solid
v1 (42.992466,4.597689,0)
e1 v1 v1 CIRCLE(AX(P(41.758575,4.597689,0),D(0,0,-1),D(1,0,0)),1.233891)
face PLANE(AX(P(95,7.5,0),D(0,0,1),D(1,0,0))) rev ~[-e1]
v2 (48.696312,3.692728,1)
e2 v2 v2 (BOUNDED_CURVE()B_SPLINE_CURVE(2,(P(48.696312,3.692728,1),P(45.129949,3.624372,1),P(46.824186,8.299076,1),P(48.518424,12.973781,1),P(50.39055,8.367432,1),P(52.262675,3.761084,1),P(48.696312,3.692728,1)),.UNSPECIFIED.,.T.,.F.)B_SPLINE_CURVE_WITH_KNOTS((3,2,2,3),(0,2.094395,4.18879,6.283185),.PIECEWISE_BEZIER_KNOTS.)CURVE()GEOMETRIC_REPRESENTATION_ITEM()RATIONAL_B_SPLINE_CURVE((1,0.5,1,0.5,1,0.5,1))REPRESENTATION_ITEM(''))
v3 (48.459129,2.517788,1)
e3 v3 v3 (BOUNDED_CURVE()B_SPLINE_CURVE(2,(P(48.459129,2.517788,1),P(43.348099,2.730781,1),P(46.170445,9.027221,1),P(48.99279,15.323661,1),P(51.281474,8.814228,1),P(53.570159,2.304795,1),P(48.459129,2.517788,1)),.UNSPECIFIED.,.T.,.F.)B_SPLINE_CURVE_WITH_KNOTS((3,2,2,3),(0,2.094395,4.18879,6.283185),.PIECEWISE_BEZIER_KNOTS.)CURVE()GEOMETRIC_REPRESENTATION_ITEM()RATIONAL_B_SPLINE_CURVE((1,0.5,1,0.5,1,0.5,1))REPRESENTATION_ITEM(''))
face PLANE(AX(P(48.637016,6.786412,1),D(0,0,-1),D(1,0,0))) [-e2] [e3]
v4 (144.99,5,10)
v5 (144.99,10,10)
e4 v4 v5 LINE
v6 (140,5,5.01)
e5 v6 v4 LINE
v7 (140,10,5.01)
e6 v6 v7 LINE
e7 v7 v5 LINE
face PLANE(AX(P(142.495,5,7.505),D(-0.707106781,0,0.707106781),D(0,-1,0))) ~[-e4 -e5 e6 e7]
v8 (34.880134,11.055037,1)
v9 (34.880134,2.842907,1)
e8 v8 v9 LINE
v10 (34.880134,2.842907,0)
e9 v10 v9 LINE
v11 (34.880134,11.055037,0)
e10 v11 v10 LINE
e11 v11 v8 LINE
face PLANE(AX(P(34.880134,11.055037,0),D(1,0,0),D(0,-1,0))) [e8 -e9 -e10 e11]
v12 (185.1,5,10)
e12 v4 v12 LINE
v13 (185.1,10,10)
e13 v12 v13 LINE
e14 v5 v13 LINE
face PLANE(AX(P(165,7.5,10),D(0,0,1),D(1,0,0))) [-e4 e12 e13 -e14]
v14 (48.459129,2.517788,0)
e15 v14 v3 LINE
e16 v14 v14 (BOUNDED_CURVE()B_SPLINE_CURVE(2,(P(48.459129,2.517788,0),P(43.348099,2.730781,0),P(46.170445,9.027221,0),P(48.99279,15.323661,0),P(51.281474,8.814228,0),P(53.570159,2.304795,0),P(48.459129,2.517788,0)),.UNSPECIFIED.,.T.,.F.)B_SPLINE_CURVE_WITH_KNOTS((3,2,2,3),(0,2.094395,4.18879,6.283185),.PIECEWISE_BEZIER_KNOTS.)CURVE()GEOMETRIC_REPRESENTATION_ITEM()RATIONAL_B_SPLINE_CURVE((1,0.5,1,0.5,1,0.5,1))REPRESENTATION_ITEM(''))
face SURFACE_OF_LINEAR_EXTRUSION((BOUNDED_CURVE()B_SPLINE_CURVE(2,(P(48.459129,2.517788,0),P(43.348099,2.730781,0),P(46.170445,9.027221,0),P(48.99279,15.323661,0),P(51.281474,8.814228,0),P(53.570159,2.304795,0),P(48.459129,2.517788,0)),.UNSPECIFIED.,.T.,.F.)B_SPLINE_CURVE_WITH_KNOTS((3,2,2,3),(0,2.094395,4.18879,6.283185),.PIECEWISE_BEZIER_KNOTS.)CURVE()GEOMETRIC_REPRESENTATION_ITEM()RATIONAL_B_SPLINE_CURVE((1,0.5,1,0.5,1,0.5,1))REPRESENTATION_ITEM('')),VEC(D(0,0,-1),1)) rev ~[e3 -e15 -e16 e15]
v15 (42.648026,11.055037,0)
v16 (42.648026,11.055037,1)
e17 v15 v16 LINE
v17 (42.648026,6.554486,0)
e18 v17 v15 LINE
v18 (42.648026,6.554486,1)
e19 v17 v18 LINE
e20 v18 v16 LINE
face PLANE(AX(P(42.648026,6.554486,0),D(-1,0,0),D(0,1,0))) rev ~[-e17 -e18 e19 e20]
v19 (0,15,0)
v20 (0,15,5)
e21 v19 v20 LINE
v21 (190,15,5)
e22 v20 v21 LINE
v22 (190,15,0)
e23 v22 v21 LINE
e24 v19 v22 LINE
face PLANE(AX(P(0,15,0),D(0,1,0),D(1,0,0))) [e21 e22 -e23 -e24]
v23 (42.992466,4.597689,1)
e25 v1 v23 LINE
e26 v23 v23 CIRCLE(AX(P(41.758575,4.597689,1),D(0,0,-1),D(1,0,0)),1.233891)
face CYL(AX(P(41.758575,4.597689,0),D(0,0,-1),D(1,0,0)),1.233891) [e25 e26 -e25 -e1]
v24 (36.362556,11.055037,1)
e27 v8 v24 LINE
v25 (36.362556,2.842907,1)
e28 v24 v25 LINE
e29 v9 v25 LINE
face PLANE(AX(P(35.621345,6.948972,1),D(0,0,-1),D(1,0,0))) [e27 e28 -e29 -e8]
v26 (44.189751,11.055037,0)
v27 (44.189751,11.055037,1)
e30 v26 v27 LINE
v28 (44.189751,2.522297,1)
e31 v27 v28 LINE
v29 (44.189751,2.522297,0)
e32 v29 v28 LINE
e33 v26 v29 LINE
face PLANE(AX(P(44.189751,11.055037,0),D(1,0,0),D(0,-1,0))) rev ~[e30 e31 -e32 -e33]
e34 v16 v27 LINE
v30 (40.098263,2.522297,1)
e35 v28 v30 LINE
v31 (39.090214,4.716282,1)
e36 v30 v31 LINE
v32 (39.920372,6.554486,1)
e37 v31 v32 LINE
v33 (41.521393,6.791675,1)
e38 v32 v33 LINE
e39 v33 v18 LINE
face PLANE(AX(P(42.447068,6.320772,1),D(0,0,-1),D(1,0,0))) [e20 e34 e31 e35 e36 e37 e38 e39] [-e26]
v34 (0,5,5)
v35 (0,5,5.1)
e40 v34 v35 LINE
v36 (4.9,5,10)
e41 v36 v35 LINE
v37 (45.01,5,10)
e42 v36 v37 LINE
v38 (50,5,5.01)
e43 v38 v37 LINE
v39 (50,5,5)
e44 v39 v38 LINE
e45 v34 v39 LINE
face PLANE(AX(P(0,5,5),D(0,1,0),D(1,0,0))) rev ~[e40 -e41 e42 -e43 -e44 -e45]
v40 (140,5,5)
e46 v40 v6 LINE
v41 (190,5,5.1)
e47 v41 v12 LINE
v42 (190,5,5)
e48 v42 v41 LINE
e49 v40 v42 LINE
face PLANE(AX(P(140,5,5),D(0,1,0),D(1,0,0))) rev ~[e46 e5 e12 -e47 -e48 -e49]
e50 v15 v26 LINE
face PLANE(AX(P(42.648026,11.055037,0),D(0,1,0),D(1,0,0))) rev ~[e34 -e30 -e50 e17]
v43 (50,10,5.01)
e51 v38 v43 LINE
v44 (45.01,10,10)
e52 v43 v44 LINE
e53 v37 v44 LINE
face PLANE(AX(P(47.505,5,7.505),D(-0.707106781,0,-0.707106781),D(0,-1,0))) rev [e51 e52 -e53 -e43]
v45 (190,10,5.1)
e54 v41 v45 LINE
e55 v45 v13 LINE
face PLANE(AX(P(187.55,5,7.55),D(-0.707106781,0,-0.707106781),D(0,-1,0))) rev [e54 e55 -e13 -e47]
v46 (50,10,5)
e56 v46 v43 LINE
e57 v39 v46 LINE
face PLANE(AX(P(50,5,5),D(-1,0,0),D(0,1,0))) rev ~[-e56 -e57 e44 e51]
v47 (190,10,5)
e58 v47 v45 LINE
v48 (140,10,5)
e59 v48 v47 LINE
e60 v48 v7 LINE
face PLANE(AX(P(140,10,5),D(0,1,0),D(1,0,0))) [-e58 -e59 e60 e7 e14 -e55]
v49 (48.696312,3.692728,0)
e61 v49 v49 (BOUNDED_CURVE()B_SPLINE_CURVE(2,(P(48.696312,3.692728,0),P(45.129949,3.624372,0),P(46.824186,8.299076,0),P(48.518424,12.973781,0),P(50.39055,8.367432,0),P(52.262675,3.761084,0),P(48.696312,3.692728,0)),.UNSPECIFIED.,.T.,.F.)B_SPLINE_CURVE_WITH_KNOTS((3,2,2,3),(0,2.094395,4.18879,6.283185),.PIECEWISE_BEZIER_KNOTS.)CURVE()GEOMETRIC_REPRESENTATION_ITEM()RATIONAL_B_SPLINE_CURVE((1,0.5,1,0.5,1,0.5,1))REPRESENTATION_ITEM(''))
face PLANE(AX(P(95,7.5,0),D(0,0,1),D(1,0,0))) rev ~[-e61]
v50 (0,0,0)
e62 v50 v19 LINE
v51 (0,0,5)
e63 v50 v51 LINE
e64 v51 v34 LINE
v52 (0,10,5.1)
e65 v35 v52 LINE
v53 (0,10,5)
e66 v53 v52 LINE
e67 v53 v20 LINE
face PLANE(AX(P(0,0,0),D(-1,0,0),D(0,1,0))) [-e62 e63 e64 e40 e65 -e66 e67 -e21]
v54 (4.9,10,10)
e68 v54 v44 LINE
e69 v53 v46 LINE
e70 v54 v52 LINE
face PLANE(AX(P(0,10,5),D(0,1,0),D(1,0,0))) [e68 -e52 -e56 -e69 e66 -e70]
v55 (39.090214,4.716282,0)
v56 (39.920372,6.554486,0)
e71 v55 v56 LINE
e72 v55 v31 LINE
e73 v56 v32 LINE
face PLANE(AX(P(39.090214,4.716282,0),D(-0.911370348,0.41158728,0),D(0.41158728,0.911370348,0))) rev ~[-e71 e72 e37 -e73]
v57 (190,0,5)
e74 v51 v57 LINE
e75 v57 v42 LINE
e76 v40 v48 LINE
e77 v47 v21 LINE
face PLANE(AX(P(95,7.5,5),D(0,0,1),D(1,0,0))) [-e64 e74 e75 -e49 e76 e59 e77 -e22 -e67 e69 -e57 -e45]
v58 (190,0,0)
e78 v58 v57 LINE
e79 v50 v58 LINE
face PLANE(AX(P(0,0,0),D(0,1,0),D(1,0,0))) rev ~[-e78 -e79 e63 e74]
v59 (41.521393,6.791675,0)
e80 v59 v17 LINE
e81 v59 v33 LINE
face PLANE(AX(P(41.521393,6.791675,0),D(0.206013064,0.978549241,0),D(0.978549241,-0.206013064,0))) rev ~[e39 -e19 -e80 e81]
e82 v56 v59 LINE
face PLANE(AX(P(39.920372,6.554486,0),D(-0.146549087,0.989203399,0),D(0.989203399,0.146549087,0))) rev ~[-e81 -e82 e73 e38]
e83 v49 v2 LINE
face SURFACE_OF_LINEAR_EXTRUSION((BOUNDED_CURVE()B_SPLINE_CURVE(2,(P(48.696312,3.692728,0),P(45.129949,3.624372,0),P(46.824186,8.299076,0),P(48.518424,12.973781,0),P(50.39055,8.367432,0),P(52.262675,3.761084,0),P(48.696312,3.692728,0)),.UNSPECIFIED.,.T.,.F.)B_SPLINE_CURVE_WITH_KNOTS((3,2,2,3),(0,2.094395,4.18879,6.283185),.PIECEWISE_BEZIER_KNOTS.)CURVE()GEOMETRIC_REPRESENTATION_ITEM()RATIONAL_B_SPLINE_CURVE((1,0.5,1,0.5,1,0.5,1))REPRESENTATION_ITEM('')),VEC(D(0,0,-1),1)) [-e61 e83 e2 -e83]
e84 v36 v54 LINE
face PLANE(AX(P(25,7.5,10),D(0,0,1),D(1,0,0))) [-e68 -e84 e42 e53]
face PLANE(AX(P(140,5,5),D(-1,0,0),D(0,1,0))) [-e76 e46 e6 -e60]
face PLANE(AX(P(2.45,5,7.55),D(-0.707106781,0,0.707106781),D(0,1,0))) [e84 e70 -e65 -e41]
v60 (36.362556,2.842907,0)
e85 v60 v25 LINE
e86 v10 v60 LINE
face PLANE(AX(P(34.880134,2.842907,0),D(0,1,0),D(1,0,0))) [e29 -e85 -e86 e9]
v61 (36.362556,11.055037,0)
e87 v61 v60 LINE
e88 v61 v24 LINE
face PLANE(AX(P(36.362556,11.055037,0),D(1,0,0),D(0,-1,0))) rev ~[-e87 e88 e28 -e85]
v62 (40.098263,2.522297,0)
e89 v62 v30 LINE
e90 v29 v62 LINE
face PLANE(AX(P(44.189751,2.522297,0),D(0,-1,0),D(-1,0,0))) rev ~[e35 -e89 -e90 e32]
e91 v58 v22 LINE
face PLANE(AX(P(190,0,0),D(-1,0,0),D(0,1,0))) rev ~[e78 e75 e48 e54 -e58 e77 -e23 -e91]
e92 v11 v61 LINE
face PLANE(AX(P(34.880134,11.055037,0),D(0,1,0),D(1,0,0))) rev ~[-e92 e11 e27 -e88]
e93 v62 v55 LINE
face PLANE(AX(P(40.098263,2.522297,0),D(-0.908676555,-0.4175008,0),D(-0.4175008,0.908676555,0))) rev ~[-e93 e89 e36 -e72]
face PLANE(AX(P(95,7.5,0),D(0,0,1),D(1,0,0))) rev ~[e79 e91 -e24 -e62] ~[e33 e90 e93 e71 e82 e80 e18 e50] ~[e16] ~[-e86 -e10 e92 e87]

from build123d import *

# Parameters (mm, degrees)
SKETCH_W        = 190
SKETCH_H        = 15
PAD_DEPTH       = 5
SKETCH001_W     = 50
SKETCH001_H     = 5
PAD001_DEPTH    = 5
CHAMFER_SIZE    = 4.99
CHAMFER001_SIZE = 4.9
SKETCH002_W     = 1.482422
SKETCH002_H     = 8.21213
SKETCH002_R     = 1.233891
POCKET_DEPTH    = 1


with BuildPart() as part:
    # Sketch → Pad (new body)
    with BuildSketch(Plane.XY):
        with Locations((95, 7.5)):
            Rectangle(SKETCH_W, SKETCH_H)
    extrude(amount=PAD_DEPTH)

    # Sketch001 → Pad001 (new body)
    with BuildSketch(Plane.XY.offset(5)):
        with Locations((25, 7.5)):
            Rectangle(SKETCH001_W, SKETCH001_H)
        with Locations((165, 7.5)):
            Rectangle(SKETCH001_W, SKETCH001_H)
    extrude(amount=PAD001_DEPTH)

    # Chamfer
    chamfer_edges = [part.edges().sort_by_distance(p)[0] for p in [
        (50, 7.5, 10),
        (140, 7.5, 10),
    ]]
    chamfer(chamfer_edges, length=CHAMFER_SIZE)

    # Chamfer001
    chamfer001_edges = [part.edges().sort_by_distance(p)[0] for p in [
        (0, 7.5, 10),
        (190, 7.5, 10),
    ]]
    chamfer(chamfer001_edges, length=CHAMFER001_SIZE)

    # Sketch002 → Pocket (cut)
    with BuildSketch(Plane(origin=(0, 0, 0), x_dir=(1, 0, 0), z_dir=(0, 0, -1))):
        with Locations((35.621345, -6.948972)):
            Rectangle(SKETCH002_W, SKETCH002_H)
        Polygon((42.648026, -2.522297), (40.098263, -2.522297), (39.090214, -4.716282), (39.920372, -6.554486), (41.521393, -6.791675), (42.648026, -6.554486), (42.648026, -11.055037), (44.189751, -11.055037), (44.189751, -2.522297), align=None)
        with Locations((41.758575, -4.597689)):
            Circle(SKETCH002_R, mode=Mode.SUBTRACT)
        with BuildLine():
            add(Edge.make_bspline(
                [(48.459129, -2.517788), (43.348099, -2.730781), (46.170445, -9.027221), (48.99279, -15.323661), (51.281474, -8.814228), (53.570159, -2.304795), (48.459129, -2.517788)],
                knots=[0, 0, 0, 2.094395, 2.094395, 4.18879, 4.18879, 6.283185, 6.283185, 6.283185], degree=2, weights=[1, 0.5, 1, 0.5, 1, 0.5, 1]))
        make_face()
        with BuildLine():
            add(Edge.make_bspline(
                [(48.696312, -3.692728), (45.129949, -3.624372), (46.824186, -8.299076), (48.518424, -12.973781), (50.39055, -8.367432), (52.262675, -3.761084), (48.696312, -3.692728)],
                knots=[0, 0, 0, 2.094395, 2.094395, 4.18879, 4.18879, 6.283185, 6.283185, 6.283185], degree=2, weights=[1, 0.5, 1, 0.5, 1, 0.5, 1]))
        make_face(mode=Mode.SUBTRACT)
    extrude(amount=-POCKET_DEPTH, mode=Mode.SUBTRACT)


solid = part.part
